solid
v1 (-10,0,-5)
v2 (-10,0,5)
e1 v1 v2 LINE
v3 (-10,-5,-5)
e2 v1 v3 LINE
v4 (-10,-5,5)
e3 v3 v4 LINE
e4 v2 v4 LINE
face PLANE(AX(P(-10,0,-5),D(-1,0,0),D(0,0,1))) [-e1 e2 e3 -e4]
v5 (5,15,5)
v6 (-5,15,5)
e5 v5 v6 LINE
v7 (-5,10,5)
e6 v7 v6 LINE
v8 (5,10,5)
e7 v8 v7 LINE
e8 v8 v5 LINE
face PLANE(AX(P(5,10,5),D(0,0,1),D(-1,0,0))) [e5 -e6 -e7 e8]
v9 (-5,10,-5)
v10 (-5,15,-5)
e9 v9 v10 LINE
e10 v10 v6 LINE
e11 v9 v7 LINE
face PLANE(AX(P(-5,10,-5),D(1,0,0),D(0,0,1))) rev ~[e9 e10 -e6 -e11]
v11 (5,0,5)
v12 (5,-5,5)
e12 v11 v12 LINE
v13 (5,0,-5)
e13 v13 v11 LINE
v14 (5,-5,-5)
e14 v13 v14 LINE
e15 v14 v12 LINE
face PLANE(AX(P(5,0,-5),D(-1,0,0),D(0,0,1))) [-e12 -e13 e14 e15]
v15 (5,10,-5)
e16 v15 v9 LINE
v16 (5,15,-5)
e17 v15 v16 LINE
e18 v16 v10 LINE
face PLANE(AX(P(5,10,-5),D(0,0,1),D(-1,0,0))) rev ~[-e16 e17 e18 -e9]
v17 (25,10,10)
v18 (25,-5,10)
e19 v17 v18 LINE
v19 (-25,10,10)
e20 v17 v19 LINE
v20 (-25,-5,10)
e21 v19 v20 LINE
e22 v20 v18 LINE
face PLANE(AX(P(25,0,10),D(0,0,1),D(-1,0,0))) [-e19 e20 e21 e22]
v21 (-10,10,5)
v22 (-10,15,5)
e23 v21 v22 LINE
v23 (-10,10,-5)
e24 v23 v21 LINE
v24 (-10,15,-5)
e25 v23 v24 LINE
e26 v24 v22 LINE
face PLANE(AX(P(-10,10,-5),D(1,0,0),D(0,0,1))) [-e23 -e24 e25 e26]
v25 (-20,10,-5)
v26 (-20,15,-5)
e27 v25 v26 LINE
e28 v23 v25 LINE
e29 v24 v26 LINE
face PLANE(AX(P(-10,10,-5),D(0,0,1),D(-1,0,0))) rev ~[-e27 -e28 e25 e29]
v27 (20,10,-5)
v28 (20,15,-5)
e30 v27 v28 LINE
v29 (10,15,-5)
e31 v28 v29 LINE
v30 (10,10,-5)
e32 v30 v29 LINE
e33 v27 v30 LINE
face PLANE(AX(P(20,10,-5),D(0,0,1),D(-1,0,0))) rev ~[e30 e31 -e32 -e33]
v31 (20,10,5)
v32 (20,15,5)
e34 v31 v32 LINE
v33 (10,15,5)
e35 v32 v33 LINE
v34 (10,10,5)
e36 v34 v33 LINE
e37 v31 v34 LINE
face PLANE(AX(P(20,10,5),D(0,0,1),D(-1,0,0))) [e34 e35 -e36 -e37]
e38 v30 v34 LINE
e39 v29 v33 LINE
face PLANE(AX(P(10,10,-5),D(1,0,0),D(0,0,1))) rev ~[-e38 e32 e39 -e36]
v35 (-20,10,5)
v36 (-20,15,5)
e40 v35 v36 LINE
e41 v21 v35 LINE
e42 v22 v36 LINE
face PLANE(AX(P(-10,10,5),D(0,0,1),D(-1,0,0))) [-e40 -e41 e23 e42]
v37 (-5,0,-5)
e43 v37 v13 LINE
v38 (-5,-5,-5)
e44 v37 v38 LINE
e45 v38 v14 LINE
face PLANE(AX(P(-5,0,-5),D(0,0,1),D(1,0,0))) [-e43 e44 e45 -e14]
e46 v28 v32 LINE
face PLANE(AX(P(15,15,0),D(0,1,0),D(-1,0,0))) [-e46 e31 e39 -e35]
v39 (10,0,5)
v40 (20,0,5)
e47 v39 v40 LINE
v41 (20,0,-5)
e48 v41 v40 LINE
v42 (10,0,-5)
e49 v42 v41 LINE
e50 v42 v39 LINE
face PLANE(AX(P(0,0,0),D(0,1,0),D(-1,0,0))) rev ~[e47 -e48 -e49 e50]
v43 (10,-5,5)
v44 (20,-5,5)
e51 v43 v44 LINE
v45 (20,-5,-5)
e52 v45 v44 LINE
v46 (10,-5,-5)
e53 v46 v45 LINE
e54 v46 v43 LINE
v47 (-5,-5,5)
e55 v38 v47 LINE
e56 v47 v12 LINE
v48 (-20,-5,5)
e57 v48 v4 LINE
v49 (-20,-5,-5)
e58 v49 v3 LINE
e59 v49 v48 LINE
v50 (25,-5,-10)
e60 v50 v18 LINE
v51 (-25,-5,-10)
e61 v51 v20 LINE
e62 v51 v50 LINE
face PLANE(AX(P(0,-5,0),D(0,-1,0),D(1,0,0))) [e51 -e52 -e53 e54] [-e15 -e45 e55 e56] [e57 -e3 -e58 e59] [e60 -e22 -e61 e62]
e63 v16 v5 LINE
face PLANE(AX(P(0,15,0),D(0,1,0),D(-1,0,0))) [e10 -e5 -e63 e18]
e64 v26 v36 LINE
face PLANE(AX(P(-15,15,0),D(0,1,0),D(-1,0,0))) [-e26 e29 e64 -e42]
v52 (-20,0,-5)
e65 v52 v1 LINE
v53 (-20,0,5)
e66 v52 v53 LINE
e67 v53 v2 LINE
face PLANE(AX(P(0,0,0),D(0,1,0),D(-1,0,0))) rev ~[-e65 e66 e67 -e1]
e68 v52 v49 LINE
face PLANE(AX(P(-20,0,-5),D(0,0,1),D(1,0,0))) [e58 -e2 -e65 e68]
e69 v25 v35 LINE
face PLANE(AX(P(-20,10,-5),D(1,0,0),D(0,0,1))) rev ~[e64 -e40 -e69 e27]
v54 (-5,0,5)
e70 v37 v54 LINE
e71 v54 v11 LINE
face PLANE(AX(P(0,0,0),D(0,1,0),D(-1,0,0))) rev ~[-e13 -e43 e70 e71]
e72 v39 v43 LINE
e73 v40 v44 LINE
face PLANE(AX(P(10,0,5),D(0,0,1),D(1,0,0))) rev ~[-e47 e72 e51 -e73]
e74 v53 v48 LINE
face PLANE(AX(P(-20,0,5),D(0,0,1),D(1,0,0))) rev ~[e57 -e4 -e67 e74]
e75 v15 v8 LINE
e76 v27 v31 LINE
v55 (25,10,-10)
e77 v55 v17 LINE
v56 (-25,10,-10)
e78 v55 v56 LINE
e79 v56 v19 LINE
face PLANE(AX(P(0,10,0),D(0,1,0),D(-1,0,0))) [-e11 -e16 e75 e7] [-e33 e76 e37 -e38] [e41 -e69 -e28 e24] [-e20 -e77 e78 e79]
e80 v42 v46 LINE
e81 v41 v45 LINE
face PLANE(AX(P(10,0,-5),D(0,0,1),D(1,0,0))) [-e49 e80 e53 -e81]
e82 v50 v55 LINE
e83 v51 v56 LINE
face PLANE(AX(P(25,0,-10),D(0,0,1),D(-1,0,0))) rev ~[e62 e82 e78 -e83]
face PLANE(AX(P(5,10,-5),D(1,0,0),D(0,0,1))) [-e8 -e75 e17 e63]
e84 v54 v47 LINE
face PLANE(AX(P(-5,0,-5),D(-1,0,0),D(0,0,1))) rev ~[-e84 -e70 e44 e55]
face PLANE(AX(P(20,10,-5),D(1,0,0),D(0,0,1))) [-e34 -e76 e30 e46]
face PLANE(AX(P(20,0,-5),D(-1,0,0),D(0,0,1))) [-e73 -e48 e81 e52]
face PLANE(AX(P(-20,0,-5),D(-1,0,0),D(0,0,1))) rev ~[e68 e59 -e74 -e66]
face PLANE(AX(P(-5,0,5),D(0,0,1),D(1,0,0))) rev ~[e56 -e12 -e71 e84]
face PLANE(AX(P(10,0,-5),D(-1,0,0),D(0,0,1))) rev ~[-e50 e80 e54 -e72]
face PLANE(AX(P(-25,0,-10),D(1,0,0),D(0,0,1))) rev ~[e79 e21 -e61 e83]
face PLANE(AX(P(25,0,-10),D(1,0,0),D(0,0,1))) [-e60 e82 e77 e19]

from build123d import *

# Parameters (mm, degrees)
F0_W     = 50
F0_H     = 20
F0_W_2   = 10
F0_H_2   = 10
F1_DEPTH = 5
F2_W     = 50
F2_H     = 20
F3_DEPTH = 10
F4_W     = 10
F4_H     = 10
F5_DEPTH = 5


with BuildPart() as f1:
    # F0 (on Front) → F1 (new body)
    with BuildSketch(Plane.XZ):
        Rectangle(F0_W, F0_H)
        with Locations((-15, 0)):
            Rectangle(F0_W_2, F0_H_2, mode=Mode.SUBTRACT)
        Rectangle(F0_W_2, F0_H_2, mode=Mode.SUBTRACT)
        with Locations((15, 0)):
            Rectangle(F0_W_2, F0_H_2, mode=Mode.SUBTRACT)
    extrude(amount=F1_DEPTH)

    # F2 (on face) → F3 (join)
    with BuildSketch(Plane(origin=(0, 0, 0), x_dir=(-1, 0, 0), z_dir=(0, 1, 0))):
        Rectangle(F2_W, F2_H)
    extrude(amount=F3_DEPTH)

    # F4 (on face) → F5 (join)
    with BuildSketch(Plane(origin=(0, 10, 0), x_dir=(-1, 0, 0), z_dir=(0, 1, 0))):
        Rectangle(F4_W, F4_H)
        with Locations((-15, 0)):
            Rectangle(F4_W, F4_H)
        with Locations((15, 0)):
            Rectangle(F4_W, F4_H)
    extrude(amount=F5_DEPTH)


solid = f1.part
